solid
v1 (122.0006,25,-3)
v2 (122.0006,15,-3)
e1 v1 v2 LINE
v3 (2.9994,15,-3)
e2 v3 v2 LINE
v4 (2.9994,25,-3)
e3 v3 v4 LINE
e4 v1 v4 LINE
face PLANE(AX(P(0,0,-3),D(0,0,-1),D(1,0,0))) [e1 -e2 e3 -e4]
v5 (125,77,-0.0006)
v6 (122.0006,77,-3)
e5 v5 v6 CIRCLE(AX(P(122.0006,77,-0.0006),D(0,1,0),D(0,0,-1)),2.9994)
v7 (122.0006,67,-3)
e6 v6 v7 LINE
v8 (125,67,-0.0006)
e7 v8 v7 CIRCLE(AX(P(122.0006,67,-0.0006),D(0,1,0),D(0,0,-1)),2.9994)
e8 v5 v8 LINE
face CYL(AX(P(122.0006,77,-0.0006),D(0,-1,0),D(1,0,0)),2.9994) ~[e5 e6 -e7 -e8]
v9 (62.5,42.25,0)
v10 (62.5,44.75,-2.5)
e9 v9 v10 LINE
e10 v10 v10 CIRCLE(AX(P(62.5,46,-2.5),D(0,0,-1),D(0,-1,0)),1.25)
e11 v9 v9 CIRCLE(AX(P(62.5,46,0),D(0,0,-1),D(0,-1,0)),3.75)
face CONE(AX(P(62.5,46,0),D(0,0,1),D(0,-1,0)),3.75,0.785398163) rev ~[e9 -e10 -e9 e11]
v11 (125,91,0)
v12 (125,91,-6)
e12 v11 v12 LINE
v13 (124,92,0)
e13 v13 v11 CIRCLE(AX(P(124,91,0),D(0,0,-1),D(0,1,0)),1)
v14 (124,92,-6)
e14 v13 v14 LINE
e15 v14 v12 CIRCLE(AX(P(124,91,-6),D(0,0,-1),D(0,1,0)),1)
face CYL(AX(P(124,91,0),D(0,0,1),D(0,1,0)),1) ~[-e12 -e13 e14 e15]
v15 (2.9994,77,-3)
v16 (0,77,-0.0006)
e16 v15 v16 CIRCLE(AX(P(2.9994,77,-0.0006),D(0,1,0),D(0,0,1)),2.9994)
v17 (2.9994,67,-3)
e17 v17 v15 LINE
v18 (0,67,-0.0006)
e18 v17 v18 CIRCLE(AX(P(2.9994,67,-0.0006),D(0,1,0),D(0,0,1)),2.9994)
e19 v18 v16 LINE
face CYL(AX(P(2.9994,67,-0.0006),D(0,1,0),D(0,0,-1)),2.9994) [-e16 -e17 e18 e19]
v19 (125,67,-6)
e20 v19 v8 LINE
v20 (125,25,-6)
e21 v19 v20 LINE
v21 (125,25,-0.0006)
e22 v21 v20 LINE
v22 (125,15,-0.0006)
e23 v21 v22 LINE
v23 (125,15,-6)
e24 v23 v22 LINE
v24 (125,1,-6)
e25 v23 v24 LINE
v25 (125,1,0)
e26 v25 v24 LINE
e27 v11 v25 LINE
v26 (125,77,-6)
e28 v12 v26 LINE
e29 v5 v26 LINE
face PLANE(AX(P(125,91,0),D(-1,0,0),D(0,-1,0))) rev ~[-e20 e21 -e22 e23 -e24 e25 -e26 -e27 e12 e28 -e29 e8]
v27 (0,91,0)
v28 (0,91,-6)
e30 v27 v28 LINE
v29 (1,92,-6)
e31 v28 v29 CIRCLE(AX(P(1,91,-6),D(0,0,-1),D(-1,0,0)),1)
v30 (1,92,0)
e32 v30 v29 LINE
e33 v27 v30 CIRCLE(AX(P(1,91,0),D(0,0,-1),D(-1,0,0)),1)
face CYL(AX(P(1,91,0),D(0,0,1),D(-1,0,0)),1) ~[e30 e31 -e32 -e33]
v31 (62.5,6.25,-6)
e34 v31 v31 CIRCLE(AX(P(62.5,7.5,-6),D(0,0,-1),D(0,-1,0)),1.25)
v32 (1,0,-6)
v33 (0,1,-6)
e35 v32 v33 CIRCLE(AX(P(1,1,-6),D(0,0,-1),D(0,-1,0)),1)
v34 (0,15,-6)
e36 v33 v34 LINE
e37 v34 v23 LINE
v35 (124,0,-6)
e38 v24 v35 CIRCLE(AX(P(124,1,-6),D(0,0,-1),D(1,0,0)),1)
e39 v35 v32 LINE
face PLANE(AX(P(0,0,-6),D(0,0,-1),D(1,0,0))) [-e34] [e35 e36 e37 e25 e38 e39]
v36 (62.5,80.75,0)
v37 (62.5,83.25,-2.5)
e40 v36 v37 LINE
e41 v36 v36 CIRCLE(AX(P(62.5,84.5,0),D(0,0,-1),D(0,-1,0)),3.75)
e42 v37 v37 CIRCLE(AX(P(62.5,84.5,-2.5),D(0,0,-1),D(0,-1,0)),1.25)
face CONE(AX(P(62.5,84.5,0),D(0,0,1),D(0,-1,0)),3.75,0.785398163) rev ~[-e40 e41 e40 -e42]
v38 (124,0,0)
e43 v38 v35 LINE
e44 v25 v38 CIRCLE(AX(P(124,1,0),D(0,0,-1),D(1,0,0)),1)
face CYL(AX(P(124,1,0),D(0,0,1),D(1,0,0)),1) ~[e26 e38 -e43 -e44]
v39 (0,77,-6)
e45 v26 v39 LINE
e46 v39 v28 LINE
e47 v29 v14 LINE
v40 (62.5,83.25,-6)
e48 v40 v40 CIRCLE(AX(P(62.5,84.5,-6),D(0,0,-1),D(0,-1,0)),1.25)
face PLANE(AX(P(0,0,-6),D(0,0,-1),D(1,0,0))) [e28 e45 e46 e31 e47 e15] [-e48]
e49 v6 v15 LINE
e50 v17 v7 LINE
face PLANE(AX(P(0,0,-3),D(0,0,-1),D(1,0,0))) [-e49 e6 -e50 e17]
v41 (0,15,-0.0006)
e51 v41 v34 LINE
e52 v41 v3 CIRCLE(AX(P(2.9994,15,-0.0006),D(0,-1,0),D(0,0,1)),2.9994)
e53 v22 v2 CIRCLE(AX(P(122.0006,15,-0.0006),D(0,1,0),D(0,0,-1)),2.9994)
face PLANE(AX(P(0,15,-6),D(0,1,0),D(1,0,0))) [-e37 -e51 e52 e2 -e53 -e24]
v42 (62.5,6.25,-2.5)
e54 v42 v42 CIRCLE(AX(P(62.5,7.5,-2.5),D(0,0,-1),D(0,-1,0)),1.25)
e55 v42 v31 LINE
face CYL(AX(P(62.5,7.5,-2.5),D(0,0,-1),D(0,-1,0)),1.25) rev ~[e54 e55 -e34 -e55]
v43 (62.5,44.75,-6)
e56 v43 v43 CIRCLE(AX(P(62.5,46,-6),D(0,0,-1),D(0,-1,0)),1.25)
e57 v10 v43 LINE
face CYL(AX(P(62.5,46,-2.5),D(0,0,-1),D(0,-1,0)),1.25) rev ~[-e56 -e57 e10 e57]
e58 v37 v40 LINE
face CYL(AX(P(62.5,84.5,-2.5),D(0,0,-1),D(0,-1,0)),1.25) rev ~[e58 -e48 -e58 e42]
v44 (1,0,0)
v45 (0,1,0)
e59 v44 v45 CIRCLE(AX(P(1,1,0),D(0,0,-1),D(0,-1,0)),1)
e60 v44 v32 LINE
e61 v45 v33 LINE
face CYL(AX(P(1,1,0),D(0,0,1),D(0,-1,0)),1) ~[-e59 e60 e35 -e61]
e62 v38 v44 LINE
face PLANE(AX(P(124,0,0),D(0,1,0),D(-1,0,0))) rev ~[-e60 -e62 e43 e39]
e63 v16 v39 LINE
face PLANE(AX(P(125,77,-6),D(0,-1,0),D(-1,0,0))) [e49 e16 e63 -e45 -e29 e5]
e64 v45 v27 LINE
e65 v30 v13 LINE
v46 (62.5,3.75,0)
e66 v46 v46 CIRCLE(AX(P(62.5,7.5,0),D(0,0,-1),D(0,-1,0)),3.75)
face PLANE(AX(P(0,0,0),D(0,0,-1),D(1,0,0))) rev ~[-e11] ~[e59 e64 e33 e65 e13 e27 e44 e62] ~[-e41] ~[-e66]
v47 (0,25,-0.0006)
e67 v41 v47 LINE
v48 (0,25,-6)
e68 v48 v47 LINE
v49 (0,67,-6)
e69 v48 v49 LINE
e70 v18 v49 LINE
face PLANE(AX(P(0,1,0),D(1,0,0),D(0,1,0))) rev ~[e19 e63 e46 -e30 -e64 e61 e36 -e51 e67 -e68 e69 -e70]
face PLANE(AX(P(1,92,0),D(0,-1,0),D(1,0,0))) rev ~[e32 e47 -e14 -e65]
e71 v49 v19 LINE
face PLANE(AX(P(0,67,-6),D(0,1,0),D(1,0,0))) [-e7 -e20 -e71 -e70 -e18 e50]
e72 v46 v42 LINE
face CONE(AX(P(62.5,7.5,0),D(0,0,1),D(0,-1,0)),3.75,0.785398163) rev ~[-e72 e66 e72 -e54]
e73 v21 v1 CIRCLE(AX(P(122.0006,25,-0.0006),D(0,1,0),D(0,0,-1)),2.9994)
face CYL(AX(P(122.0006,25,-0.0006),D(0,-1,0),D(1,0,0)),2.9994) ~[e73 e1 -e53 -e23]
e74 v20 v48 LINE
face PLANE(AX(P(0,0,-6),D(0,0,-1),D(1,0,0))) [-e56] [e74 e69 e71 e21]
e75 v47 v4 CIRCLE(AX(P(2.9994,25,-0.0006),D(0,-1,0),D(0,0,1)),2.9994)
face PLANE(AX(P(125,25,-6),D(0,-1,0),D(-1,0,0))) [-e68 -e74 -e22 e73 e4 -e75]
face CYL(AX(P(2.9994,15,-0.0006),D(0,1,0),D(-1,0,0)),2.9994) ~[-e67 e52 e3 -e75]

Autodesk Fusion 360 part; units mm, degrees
sketch "Sketch2" plane through (0, 0, 0) normal (0, 0, -1) x (1, 0, 0)
  arc A0 (124, -92) -> (125, -91) centre (124, -91) ccw
  line L0 (125, -91) -> (125, -1)
  arc A1 (125, -1) -> (124, 0) centre (124, -1) ccw
  line L1 (124, 0) -> (1, 0)
  arc A2 (1, 0) -> (0, -1) centre (1, -1) ccw
  line L2 (0, -1) -> (0, -91)
  arc A3 (0, -91) -> (1, -92) centre (1, -91) ccw
  line L3 (1, -92) -> (124, -92)
  circle A4 centre (54.1, -72.1) radius 1
  circle A5 centre (11, -21.3) radius 1
  circle A6 centre (26.2, -72.1) radius 1
  circle A7 centre (59.2, -20) radius 1
extrude "Extrude1" add sketch "Sketch2" along normal blind 6
sketch "Sketch1" plane through (0, 0, -6) normal (0, 0, -1) x (1, 0, 0)
  circle A0 centre (59.2, -20) radius 1
  circle A1 centre (11, -21.3) radius 1
  circle A2 centre (26.2, -72.1) radius 1
  circle A3 centre (54.1, -72.1) radius 1
  line L0 (1, -92) -> (124, -92)
  arc A4 (124, -92) -> (125, -91) centre (124, -91) ccw
  line L1 (125, -91) -> (125, -1)
  arc A5 (125, -1) -> (124, 0) centre (124, -1) ccw
  line L2 (124, 0) -> (1, 0)
  arc A6 (1, 0) -> (0, -1) centre (1, -1) ccw
  line L3 (0, -1) -> (0, -91)
  arc A7 (0, -91) -> (1, -92) centre (1, -91) ccw
  line L4 (0, -15) -> (125, -15)
  line L5 (125, -15) -> (125, -25)
  line L6 (125, -25) -> (0, -25)
  line L7 (0, -25) -> (0, -15)
  line L8 (0, -67) -> (125, -67)
  line L9 (125, -67) -> (125, -77)
  line L10 (125, -77) -> (0, -77)
  line L11 (0, -77) -> (0, -67)
  dimension "d215" = 15
  dimension "d216" = 10
  dimension "d217" = 15
  dimension "d218" = 10
extrude "Extrude2" cut sketch "Sketch1" against normal blind 3 contours L1 L3 L8 L9 L10 L11 | L1 L3 L4 L5 L6 L7
fillet "Fillet1" radius 3 1 edges at (125, 20, -3)
fillet "Fillet2" radius 3 1 edges at (125, 72, -3)
fillet "Fillet3" radius 3 1 edges at (0, 72, -3)
fillet "Fillet4" radius 3 1 edges at (0, 20, -3)
delete_face "DeleteFace1" 1 faces at (60.1215, 19.6116, -2)
delete_face "DeleteFace2" 1 faces at (11.995, 21.3996, -1)
delete_face "DeleteFace3" 1 faces at (25.2198, 71.9019, -2)
delete_face "DeleteFace4" 1 faces at (55.0691, 71.8532, -2)
hole "Hole1" at (62.5, 46, 0) direction (0, 0, -1) diameter 2.5 end through all countersink diameter 7.5 countersink angle 90
hole "Hole2" at (62.5, 7.5, 0) direction (0, 0, -1) diameter 2.5 end through all countersink diameter 7.5 countersink angle 90
hole "Hole3" at (62.5, 84.5, 0) direction (0, 0, -1) diameter 2.5 end through all countersink diameter 7.5 countersink angle 90
